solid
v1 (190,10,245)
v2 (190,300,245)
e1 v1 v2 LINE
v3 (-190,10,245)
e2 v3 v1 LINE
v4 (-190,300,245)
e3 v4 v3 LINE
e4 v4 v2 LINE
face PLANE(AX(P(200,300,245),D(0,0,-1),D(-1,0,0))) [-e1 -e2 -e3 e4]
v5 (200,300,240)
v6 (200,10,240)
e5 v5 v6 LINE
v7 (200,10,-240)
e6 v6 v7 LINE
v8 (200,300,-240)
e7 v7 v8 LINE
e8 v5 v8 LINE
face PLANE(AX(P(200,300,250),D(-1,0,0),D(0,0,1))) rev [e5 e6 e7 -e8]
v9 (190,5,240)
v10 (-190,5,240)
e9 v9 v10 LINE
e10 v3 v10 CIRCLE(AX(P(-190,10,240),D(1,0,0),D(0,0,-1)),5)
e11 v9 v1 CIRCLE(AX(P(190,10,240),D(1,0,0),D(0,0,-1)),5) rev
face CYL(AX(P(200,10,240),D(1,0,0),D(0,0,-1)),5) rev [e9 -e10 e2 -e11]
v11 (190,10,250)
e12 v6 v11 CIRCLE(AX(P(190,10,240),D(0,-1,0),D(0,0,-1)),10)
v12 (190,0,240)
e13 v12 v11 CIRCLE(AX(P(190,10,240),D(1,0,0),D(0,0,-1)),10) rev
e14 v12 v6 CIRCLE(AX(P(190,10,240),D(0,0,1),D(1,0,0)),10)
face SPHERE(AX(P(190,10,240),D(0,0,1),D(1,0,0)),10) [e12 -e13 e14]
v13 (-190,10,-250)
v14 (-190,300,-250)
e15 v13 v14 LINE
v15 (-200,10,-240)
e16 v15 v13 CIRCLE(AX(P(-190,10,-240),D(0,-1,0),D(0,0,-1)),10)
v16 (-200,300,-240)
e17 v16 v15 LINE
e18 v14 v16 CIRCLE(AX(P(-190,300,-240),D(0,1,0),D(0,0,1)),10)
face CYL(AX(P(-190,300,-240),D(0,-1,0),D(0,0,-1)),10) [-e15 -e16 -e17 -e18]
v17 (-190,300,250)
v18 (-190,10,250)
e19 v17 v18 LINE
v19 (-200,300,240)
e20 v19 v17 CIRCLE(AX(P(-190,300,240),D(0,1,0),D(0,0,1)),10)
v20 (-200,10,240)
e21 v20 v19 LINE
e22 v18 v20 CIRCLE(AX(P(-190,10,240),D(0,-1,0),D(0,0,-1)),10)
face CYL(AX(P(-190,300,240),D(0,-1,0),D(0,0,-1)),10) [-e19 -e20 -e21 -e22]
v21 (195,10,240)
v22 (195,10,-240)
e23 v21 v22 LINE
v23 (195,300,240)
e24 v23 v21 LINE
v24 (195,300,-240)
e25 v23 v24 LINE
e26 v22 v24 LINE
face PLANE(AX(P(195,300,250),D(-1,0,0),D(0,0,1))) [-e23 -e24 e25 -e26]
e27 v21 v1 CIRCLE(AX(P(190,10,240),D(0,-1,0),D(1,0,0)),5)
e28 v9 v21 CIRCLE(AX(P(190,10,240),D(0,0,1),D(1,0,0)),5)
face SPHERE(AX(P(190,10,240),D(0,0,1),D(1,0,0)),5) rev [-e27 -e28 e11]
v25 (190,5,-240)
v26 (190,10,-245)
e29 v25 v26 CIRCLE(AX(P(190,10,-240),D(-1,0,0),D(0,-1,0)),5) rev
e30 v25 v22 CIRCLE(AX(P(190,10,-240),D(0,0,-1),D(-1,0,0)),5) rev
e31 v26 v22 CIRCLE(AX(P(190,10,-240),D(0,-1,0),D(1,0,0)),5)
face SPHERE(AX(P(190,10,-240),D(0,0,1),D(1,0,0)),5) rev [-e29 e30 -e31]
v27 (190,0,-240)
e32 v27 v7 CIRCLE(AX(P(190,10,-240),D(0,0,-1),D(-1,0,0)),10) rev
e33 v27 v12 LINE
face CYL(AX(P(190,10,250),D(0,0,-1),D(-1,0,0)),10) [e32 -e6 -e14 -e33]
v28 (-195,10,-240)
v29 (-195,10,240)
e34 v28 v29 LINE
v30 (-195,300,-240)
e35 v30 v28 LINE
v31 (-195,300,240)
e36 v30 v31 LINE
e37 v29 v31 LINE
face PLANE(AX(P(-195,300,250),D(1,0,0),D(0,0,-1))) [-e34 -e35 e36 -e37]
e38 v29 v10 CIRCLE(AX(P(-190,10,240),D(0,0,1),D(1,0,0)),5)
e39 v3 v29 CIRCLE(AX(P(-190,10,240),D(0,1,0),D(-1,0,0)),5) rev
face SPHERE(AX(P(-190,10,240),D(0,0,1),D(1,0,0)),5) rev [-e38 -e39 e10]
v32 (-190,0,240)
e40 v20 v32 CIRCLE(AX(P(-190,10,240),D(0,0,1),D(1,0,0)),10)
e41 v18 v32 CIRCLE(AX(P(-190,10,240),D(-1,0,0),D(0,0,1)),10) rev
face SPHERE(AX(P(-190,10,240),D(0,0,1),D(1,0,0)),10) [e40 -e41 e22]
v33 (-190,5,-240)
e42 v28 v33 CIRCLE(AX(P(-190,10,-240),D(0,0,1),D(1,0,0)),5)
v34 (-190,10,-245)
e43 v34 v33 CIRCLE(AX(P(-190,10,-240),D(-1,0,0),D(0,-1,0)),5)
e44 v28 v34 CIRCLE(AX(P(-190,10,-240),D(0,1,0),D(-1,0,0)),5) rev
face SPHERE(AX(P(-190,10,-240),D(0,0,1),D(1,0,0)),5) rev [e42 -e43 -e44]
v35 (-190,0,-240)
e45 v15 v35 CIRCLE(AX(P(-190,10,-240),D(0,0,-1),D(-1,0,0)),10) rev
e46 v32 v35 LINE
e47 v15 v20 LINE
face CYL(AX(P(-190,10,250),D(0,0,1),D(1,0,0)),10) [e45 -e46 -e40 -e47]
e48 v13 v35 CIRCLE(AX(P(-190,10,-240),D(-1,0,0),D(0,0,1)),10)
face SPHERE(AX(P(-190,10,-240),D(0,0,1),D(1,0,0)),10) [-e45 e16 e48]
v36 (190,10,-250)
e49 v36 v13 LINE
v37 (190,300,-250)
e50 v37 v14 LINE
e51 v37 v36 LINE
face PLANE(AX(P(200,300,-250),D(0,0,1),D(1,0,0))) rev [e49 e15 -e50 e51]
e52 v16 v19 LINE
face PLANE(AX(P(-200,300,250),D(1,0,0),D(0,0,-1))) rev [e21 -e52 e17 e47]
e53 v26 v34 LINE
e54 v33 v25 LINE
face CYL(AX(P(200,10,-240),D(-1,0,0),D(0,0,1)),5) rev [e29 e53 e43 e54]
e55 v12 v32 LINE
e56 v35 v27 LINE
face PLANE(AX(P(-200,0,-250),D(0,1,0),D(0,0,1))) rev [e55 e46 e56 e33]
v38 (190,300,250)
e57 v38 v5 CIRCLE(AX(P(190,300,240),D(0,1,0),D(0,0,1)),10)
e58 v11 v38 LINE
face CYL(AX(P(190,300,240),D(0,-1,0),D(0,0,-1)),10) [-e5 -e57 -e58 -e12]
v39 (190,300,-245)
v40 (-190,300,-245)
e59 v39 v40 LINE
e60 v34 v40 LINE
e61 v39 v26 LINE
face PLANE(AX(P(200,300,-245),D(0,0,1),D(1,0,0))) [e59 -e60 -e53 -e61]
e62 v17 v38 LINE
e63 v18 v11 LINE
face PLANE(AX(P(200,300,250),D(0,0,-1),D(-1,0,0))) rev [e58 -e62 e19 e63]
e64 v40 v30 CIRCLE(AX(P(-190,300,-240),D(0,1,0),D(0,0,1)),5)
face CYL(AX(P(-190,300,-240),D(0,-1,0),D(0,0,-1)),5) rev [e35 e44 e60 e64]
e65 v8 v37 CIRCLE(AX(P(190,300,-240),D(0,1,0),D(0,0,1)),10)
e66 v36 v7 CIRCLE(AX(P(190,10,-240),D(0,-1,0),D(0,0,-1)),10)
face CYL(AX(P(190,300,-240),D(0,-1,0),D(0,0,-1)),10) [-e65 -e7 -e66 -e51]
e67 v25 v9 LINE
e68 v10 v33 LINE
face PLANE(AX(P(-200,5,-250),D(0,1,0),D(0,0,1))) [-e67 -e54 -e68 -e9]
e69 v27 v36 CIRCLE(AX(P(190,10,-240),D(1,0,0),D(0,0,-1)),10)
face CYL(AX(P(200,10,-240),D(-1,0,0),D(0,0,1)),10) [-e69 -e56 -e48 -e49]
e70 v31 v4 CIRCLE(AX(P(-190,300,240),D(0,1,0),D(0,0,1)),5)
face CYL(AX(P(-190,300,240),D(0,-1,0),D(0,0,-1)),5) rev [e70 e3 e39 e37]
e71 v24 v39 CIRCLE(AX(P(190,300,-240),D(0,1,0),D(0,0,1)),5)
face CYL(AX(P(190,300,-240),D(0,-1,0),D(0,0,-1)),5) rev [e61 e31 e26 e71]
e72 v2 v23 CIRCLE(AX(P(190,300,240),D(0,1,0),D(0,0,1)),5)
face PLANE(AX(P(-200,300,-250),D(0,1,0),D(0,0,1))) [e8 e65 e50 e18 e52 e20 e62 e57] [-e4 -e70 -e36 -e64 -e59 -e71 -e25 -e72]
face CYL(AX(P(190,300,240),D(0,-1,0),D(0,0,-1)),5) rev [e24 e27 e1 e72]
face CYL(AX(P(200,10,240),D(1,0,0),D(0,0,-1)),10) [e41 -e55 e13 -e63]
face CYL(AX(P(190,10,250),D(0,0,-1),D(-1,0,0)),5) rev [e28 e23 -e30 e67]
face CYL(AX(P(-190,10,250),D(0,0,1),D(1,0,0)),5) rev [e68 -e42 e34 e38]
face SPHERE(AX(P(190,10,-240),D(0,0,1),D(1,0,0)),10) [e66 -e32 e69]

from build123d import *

# Parameters (mm, degrees)
CROQUIS1_W     = 400
CROQUIS1_H     = 500
EXTRUIR1_DEPTH = 300
REDONDEO1_R    = 10
VACIADO1_T     = -5


with BuildPart() as part:
    # Croquis1 → Extruir1 (new body)
    with BuildSketch(Plane(origin=(0, 0, 0), x_dir=(1, 0, 0), z_dir=(0, 1, 0))):
        Rectangle(CROQUIS1_W, CROQUIS1_H)
    extrude(amount=EXTRUIR1_DEPTH)

    # Redondeo1
    redondeo1_edges = [part.edges().sort_by_distance(p)[0] for p in [
        (0, 0, -250),
        (200, 0, 0),
        (0, 0, 250),
        (-200, 0, 0),
        (-200, 150, -250),
        (200, 150, -250),
        (200, 150, 250),
        (-200, 150, 250),
    ]]
    fillet(redondeo1_edges, radius=REDONDEO1_R)

    # Vaciado1
    vaciado1_openings = [part.faces().sort_by_distance(p)[0] for p in [
        (0, 300, 0),
    ]]
    offset(amount=VACIADO1_T, openings=vaciado1_openings, kind=Kind.INTERSECTION)


solid = part.part
